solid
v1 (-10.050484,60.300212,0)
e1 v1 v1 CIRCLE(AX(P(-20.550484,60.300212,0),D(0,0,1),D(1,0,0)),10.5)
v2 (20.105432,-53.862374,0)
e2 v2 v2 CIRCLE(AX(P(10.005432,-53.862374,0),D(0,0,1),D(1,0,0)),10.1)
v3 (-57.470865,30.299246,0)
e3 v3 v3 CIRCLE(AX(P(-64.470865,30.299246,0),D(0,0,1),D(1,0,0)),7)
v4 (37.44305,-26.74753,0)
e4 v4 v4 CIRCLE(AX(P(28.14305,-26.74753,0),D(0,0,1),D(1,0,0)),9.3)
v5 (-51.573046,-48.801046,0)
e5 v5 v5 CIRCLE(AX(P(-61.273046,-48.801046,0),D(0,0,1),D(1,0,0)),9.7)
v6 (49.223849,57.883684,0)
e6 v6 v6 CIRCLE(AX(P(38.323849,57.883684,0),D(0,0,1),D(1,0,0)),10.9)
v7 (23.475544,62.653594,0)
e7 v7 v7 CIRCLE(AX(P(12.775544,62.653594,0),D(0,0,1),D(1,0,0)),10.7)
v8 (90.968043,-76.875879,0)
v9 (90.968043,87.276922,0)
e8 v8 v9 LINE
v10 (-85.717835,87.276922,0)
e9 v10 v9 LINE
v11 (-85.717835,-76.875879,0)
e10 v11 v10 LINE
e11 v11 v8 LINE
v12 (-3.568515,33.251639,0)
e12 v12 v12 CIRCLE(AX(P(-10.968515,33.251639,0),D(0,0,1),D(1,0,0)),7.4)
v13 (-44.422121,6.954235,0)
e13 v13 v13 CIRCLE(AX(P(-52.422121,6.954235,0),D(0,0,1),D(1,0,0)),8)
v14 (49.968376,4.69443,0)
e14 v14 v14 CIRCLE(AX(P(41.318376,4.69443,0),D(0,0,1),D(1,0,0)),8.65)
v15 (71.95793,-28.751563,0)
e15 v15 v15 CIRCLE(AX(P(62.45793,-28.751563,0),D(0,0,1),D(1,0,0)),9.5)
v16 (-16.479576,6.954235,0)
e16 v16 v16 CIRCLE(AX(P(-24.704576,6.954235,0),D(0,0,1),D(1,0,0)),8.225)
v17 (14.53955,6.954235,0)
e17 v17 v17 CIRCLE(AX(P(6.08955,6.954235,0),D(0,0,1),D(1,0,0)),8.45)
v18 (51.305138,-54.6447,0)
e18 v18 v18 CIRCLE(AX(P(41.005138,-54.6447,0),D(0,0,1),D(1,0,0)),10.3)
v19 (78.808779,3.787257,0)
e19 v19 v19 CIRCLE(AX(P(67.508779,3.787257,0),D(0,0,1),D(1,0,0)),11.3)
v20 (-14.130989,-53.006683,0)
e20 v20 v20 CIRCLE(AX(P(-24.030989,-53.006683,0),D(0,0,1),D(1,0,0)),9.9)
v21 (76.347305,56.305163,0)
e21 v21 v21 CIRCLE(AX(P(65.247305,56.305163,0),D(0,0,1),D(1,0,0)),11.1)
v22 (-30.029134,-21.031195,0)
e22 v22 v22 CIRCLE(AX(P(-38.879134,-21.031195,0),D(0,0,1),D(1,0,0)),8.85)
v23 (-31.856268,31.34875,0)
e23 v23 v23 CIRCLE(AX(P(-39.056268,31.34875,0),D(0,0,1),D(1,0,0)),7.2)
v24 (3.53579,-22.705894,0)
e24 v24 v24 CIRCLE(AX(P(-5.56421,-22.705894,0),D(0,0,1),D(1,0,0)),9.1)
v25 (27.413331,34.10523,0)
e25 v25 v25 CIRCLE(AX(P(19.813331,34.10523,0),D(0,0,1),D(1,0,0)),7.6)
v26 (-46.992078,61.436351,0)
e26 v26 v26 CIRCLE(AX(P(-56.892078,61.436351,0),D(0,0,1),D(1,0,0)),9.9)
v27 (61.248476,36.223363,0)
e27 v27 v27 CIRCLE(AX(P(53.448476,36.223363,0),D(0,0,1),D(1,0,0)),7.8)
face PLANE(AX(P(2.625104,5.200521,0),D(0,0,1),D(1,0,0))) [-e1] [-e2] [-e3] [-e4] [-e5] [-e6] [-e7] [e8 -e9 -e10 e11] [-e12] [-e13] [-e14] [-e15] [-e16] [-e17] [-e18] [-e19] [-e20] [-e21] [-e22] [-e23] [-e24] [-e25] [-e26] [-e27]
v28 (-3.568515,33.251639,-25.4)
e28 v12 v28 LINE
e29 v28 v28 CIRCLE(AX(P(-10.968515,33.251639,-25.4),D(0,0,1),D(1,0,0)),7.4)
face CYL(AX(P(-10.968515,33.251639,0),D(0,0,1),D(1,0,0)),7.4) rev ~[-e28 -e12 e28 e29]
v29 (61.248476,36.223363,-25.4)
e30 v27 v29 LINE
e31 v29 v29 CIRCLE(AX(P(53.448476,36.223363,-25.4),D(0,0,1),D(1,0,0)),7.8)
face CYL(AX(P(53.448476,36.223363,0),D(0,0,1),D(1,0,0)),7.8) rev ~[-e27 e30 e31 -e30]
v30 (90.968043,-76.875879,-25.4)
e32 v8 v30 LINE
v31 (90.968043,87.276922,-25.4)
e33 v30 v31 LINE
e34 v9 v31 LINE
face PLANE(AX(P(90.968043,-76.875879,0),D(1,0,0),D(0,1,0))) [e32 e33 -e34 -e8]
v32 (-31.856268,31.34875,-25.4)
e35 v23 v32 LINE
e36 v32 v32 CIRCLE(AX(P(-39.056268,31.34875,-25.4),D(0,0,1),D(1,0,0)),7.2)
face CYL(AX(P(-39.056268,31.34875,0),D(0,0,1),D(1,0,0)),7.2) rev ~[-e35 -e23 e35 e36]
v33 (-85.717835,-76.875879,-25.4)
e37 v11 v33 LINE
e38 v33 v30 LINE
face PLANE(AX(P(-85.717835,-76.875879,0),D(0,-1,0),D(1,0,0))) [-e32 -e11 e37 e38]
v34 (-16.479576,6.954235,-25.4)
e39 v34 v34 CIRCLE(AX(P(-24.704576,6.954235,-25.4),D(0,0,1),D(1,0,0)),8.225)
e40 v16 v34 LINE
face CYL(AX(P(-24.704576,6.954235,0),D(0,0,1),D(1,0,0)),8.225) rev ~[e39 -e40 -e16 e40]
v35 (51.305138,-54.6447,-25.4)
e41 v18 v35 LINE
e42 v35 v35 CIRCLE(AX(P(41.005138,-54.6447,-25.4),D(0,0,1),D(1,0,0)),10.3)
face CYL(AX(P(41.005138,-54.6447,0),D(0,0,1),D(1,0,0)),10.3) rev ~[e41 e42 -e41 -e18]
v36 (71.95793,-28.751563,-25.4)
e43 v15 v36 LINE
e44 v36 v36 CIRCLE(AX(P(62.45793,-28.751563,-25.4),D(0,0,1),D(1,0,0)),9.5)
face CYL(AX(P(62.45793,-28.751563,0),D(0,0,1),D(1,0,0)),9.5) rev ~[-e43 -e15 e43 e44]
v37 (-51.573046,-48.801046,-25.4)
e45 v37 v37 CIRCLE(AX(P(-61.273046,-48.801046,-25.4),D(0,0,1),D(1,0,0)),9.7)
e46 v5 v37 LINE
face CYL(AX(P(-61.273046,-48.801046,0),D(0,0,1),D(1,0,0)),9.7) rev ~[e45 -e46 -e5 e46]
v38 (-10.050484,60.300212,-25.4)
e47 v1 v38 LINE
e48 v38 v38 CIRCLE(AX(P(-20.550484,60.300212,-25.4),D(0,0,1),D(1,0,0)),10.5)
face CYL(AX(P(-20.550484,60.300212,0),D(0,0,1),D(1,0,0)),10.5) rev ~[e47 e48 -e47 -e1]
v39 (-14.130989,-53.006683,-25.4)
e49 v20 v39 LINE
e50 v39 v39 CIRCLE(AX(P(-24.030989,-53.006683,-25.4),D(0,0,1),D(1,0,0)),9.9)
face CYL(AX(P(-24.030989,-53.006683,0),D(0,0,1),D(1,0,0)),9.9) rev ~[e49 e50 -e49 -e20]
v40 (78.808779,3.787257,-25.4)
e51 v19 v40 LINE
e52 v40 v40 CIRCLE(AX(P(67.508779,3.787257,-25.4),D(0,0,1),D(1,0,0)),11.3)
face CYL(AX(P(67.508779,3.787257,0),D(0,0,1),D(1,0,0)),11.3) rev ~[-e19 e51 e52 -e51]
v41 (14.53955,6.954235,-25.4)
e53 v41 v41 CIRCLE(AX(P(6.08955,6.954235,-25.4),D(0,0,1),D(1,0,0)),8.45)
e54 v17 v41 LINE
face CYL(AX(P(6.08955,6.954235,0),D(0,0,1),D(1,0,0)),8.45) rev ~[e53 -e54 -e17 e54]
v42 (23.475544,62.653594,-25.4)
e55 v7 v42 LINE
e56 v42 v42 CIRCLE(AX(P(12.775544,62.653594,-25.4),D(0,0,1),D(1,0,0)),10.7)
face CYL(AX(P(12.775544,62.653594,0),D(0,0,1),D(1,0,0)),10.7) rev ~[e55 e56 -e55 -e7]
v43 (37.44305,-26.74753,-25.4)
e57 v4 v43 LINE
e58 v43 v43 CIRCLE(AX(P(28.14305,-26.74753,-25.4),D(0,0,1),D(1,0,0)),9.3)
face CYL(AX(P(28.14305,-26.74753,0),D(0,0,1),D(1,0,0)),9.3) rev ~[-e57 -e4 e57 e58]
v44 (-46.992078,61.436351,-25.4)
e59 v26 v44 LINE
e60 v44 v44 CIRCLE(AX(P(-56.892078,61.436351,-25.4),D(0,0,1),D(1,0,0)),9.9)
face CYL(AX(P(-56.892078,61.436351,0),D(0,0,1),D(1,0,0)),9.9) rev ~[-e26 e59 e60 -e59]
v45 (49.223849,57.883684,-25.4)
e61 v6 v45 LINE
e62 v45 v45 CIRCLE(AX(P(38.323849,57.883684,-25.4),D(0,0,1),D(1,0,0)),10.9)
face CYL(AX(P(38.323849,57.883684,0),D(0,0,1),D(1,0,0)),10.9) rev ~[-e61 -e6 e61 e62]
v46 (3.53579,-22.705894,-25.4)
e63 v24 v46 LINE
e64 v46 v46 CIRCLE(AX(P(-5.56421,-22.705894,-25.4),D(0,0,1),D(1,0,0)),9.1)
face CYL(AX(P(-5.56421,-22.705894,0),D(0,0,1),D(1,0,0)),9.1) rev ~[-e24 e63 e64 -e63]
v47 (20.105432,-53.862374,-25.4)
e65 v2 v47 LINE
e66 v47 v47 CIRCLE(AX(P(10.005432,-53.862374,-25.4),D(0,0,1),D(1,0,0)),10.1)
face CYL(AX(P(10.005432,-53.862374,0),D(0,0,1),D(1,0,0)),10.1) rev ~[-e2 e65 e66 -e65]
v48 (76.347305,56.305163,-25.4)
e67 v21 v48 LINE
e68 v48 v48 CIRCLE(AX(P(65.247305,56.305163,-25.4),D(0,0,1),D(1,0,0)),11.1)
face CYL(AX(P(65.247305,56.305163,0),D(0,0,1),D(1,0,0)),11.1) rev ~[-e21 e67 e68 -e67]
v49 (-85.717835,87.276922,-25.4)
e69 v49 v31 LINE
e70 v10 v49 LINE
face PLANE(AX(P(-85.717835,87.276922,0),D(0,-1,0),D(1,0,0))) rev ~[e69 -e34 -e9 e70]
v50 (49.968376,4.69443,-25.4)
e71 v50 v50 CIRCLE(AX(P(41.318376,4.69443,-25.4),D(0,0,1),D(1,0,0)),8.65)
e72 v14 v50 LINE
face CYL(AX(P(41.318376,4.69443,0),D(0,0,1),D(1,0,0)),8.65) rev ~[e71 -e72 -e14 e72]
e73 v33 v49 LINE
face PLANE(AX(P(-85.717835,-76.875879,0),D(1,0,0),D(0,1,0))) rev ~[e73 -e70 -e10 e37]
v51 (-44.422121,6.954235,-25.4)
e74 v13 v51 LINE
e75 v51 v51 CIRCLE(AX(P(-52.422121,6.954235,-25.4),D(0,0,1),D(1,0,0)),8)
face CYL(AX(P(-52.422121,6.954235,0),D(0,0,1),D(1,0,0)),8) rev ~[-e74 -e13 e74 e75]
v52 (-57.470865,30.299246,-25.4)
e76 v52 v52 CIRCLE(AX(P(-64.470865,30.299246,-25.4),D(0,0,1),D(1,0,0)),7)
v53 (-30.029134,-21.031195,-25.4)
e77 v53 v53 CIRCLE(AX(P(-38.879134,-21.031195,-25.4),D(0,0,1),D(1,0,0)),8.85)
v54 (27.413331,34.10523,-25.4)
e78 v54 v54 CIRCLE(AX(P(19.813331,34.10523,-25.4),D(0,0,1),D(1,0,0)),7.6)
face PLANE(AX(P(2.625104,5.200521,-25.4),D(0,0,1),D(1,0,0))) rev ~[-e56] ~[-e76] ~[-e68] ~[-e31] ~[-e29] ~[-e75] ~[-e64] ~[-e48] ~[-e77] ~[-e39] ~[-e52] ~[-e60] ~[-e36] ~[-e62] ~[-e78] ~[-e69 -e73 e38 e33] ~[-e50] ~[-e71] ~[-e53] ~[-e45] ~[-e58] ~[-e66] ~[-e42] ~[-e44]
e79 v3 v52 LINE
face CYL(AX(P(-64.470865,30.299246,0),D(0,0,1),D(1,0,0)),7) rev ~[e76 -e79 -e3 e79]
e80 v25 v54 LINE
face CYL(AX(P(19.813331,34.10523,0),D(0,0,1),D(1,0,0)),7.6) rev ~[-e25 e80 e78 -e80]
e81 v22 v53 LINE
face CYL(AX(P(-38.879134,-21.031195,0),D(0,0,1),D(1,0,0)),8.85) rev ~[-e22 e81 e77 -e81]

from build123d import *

# Parameters (mm, degrees)
F10_W     = 176.685878
F10_H     = 164.152801
F11_DEPTH = 25.4
F7_R      = 9.9
F12_DEPTH = 25.4
F8_R      = 10.5
F13_DEPTH = 25.4
F9_R      = 10.7
F14_DEPTH = 25.4
F0_R      = 7
F15_DEPTH = 25.4
F1_R      = 7.2
F16_DEPTH = 25.4
F3_R      = 7.6
F17_DEPTH = 25.4
F2_R      = 7.4
F18_DEPTH = 25.4
F4_R      = 7.8
F19_DEPTH = 25.4
F5_R      = 8
F5_R_2    = 8.225
F5_R_3    = 8.45
F5_R_4    = 8.65
F20_DEPTH = 25.4
F6_R      = 8.85
F6_R_2    = 9.1
F6_R_3    = 9.3
F6_R_4    = 9.5
F6_R_5    = 9.7
F6_R_6    = 9.9
F6_R_7    = 10.1
F6_R_8    = 10.3
F21_DEPTH = 25.4
F22_R     = 10.9
F23_DEPTH = 25.4
F24_R     = 11.1
F25_DEPTH = 25.4
F26_R     = 11.3
F27_DEPTH = 25.4


with BuildPart() as f11:
    # F10 (on Top) → F11 (new body)
    with BuildSketch(Plane.XY):
        with Locations((2.625104, 5.200521)):
            Rectangle(F10_W, F10_H)
    extrude(amount=-F11_DEPTH)

    # F7 (on Top) → F12 (cut)
    with BuildSketch(Plane.XY):
        with Locations((-56.892078, 61.436351)):
            Circle(F7_R)
    extrude(amount=-F12_DEPTH, mode=Mode.SUBTRACT)

    # F8 (on Top) → F13 (cut)
    with BuildSketch(Plane.XY):
        with Locations((-20.550484, 60.300212)):
            Circle(F8_R)
    extrude(amount=-F13_DEPTH, mode=Mode.SUBTRACT)

    # F9 (on Top) → F14 (cut)
    with BuildSketch(Plane.XY):
        with Locations((12.775544, 62.653594)):
            Circle(F9_R)
    extrude(amount=-F14_DEPTH, mode=Mode.SUBTRACT)

    # F0 (on Top) → F15 (cut)
    with BuildSketch(Plane.XY):
        with Locations((-64.470865, 30.299246)):
            Circle(F0_R)
    extrude(amount=-F15_DEPTH, mode=Mode.SUBTRACT)

    # F1 (on Top) → F16 (cut)
    with BuildSketch(Plane.XY):
        with Locations((-39.056268, 31.34875)):
            Circle(F1_R)
    extrude(amount=-F16_DEPTH, mode=Mode.SUBTRACT)

    # F3 (on Top) → F17 (cut)
    with BuildSketch(Plane.XY):
        with Locations((19.813331, 34.10523)):
            Circle(F3_R)
    extrude(amount=-F17_DEPTH, mode=Mode.SUBTRACT)

    # F2 (on Top) → F18 (cut)
    with BuildSketch(Plane.XY):
        with Locations((-10.968515, 33.251639)):
            Circle(F2_R)
    extrude(amount=-F18_DEPTH, mode=Mode.SUBTRACT)

    # F4 (on Top) → F19 (cut)
    with BuildSketch(Plane.XY):
        with Locations((53.448476, 36.223363)):
            Circle(F4_R)
    extrude(amount=-F19_DEPTH, mode=Mode.SUBTRACT)

    # F5 (on Top) → F20 (cut)
    with BuildSketch(Plane.XY):
        with Locations((-52.422121, 6.954235)):
            Circle(F5_R)
        with Locations((-24.704576, 6.954235)):
            Circle(F5_R_2)
        with Locations((6.08955, 6.954235)):
            Circle(F5_R_3)
        with Locations((41.318376, 4.69443)):
            Circle(F5_R_4)
    extrude(amount=-F20_DEPTH, mode=Mode.SUBTRACT)

    # F6 (on Top) → F21 (cut)
    with BuildSketch(Plane.XY):
        with Locations((-38.879134, -21.031195)):
            Circle(F6_R)
        with Locations((-5.56421, -22.705894)):
            Circle(F6_R_2)
        with Locations((28.14305, -26.74753)):
            Circle(F6_R_3)
        with Locations((62.45793, -28.751563)):
            Circle(F6_R_4)
        with Locations((-61.273046, -48.801046)):
            Circle(F6_R_5)
        with Locations((-24.030989, -53.006683)):
            Circle(F6_R_6)
        with Locations((10.005432, -53.862374)):
            Circle(F6_R_7)
        with Locations((41.005138, -54.6447)):
            Circle(F6_R_8)
    extrude(amount=-F21_DEPTH, mode=Mode.SUBTRACT)

    # F22 (on face) → F23 (cut)
    with BuildSketch(Plane.XY):
        with Locations((38.323849, 57.883684)):
            Circle(F22_R)
    extrude(amount=-F23_DEPTH, mode=Mode.SUBTRACT)

    # F24 (on face) → F25 (cut)
    with BuildSketch(Plane.XY):
        with Locations((65.247305, 56.305163)):
            Circle(F24_R)
    extrude(amount=-F25_DEPTH, mode=Mode.SUBTRACT)

    # F26 (on face) → F27 (cut)
    with BuildSketch(Plane.XY):
        with Locations((67.508779, 3.787257)):
            Circle(F26_R)
    extrude(amount=-F27_DEPTH, mode=Mode.SUBTRACT)


solid = f11.part
